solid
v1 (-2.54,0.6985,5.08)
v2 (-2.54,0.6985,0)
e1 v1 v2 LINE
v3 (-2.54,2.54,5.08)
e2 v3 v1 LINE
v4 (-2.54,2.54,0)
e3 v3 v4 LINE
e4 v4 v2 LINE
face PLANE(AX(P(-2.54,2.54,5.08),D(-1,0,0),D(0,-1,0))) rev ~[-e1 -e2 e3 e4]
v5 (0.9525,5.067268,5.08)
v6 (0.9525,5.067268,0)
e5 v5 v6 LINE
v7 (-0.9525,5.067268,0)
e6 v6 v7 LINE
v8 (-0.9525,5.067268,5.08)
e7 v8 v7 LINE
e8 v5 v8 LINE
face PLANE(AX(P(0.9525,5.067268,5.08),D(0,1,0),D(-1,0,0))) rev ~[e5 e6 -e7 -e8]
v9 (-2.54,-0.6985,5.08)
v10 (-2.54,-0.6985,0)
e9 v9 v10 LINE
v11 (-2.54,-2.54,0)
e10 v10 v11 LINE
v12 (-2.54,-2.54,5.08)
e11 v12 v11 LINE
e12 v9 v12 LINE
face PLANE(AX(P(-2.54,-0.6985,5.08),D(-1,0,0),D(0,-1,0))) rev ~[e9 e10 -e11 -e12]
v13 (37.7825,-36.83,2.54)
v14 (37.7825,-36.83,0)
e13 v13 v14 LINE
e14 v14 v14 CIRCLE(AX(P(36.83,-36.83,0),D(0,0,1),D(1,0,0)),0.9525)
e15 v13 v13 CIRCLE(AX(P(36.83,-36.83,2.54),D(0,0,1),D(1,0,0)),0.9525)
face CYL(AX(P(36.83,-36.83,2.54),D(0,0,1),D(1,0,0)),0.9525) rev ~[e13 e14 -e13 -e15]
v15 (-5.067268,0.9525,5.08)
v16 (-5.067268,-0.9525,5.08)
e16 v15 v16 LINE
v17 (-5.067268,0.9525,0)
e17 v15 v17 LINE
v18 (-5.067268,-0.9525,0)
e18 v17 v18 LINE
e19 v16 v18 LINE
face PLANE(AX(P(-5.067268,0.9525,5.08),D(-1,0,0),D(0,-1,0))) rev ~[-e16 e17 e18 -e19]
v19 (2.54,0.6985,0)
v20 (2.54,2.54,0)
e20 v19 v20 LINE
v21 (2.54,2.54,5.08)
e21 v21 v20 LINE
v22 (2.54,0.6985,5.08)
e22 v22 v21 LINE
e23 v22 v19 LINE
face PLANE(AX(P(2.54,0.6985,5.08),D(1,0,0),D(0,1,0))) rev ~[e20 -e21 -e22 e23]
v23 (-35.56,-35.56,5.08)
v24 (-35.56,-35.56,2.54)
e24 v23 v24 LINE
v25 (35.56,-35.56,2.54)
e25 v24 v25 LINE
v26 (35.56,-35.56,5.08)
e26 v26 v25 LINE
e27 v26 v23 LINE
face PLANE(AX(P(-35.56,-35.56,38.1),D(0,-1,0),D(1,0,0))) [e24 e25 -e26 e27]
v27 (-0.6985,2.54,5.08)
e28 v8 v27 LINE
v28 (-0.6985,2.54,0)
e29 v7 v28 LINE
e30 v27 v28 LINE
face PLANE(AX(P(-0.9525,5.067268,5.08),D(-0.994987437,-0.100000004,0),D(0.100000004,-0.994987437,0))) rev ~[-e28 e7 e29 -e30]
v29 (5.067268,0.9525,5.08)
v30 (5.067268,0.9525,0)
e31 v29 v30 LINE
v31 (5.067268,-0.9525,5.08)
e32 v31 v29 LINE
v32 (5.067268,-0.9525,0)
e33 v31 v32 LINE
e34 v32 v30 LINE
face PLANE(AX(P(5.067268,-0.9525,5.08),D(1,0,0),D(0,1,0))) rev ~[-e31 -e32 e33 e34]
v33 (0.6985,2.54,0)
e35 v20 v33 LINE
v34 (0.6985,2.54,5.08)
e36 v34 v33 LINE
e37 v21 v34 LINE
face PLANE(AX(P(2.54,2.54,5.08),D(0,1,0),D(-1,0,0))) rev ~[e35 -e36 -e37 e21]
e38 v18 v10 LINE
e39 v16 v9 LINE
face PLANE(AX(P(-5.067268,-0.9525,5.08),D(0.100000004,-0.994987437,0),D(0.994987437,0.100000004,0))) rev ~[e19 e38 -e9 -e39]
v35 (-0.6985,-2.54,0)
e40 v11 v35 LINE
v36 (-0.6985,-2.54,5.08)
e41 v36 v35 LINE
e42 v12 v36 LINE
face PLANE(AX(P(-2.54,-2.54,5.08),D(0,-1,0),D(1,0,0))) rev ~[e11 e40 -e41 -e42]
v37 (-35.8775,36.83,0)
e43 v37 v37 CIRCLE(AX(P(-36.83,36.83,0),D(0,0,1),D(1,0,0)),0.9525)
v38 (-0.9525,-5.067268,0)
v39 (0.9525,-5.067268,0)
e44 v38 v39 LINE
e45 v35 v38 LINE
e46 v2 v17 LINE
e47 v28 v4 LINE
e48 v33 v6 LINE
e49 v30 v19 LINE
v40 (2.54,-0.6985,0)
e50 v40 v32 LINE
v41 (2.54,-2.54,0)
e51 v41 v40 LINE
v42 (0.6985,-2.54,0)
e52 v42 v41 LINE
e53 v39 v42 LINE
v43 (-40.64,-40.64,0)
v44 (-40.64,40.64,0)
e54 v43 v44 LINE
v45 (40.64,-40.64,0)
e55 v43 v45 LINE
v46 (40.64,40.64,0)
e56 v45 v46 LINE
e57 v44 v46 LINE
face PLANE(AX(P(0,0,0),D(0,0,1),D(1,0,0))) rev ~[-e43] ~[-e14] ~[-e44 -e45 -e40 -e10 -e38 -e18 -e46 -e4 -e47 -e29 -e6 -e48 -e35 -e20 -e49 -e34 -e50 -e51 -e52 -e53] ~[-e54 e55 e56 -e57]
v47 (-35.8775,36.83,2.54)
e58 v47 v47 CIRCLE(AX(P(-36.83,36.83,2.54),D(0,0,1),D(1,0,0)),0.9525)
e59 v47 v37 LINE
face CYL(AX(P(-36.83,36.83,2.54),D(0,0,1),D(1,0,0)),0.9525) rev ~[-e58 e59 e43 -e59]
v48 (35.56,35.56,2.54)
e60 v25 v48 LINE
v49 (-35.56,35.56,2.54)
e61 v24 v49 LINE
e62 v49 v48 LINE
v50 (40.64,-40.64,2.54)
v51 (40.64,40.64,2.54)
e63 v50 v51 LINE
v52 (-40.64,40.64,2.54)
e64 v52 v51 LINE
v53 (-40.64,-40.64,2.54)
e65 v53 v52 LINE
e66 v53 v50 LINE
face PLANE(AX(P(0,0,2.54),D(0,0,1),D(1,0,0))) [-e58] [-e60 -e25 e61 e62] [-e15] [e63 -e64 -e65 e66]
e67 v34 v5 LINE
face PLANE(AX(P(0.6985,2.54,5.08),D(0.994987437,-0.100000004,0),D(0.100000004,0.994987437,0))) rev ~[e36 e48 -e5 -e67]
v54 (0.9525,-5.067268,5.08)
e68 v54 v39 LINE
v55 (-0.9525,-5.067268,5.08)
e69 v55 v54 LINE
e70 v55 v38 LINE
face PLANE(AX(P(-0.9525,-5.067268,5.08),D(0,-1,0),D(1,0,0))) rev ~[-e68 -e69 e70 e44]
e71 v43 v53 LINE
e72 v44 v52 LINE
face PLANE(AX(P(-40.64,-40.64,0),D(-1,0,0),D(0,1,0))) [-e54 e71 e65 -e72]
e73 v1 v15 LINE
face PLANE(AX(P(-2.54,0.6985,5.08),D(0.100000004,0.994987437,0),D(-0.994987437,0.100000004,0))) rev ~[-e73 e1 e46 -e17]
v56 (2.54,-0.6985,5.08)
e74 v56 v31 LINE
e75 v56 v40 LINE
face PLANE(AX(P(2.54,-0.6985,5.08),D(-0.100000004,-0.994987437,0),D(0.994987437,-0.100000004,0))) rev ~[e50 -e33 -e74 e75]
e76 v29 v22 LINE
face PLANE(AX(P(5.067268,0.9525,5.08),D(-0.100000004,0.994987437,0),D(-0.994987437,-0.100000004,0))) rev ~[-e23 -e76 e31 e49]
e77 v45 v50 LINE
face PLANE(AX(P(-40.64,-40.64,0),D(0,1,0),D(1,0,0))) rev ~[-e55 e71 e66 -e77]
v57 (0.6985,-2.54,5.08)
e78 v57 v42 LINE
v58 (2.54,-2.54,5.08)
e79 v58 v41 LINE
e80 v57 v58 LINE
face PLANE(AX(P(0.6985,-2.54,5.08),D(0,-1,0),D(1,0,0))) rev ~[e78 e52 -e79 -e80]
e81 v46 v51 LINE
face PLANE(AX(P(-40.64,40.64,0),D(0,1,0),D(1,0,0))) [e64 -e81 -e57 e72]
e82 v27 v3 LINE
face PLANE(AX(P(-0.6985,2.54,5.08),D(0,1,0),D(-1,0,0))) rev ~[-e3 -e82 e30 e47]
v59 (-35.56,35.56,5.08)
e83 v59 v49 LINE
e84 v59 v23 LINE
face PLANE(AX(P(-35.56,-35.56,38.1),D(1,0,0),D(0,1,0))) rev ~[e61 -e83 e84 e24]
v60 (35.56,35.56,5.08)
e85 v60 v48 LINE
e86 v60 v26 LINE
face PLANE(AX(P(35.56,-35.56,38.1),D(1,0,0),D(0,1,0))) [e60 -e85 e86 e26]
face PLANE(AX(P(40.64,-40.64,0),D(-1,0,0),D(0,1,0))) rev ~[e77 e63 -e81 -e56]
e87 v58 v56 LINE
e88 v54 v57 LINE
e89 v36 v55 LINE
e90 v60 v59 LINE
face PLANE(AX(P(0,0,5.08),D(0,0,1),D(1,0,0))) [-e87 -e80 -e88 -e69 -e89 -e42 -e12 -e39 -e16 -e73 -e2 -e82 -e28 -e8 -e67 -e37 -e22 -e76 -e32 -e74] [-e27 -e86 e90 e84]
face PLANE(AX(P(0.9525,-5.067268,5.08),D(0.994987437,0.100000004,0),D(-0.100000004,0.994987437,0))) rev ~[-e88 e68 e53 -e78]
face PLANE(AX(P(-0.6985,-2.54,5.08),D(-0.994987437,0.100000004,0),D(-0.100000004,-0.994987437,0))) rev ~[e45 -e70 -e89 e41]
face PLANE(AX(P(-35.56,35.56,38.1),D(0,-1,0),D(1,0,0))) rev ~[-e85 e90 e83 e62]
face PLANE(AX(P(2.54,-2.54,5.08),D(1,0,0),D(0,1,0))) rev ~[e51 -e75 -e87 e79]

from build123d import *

# Parameters (mm, degrees)
F0_W      = 81.28
F0_H      = 81.28
F1_DEPTH  = 38.1
F2_W      = 81.28
F2_H      = 81.28
F2_W_2    = 71.12
F2_H_2    = 71.12
F3_DEPTH  = 35.56
F4_W      = 76.2
F4_H      = 76.2
F5_DEPTH  = 33.02
F7_DEPTH  = 25.4
F8_R      = 0.9525
F9_DEPTH  = 25.4
F10_R     = 0.9525
F11_DEPTH = 25.4


with BuildPart() as f1:
    # F0 (on Top) → F1 (new body)
    with BuildSketch(Plane.XY):
        Rectangle(F0_W, F0_H)
    extrude(amount=F1_DEPTH)

    # F2 (on face) → F3 (cut)
    with BuildSketch(Plane.XY.offset(38.1)):
        Rectangle(F2_W, F2_H)
        Rectangle(F2_W_2, F2_H_2, mode=Mode.SUBTRACT)
    extrude(amount=-F3_DEPTH, mode=Mode.SUBTRACT)

    # F4 (on face) → F5 (cut)
    with BuildSketch(Plane.XY.offset(38.1)):
        Rectangle(F4_W, F4_H)
    extrude(amount=-F5_DEPTH, mode=Mode.SUBTRACT)

    # F6 (on face) → F7 (cut)
    with BuildSketch(Plane.XY.offset(5.08)):
        Polygon((-0.9525, -5.067268), (0.9525, -5.067268), (0.6985, -2.54), (2.54, -2.54), (2.54, -0.6985), (5.067268, -0.9525), (5.067268, 0.9525), (2.54, 0.6985), (2.54, 2.54), (0.6985, 2.54), (0.9525, 5.067268), (-0.9525, 5.067268), (-0.6985, 2.54), (-2.54, 2.54), (-2.54, 0.6985), (-5.067268, 0.9525), (-5.067268, -0.9525), (-2.54, -0.6985), (-2.54, -2.54), (-0.6985, -2.54), align=None)
    extrude(amount=-F7_DEPTH, mode=Mode.SUBTRACT)

    # F8 (on face) → F9 (cut)
    with BuildSketch(Plane.XY.offset(2.54)):
        with Locations((-36.83, 36.83)):
            Circle(F8_R)
    extrude(amount=-F9_DEPTH, mode=Mode.SUBTRACT)

    # F10 (on face) → F11 (cut)
    with BuildSketch(Plane.XY.offset(2.54)):
        with Locations((36.83, -36.83)):
            Circle(F10_R)
    extrude(amount=-F11_DEPTH, mode=Mode.SUBTRACT)


solid = f1.part
